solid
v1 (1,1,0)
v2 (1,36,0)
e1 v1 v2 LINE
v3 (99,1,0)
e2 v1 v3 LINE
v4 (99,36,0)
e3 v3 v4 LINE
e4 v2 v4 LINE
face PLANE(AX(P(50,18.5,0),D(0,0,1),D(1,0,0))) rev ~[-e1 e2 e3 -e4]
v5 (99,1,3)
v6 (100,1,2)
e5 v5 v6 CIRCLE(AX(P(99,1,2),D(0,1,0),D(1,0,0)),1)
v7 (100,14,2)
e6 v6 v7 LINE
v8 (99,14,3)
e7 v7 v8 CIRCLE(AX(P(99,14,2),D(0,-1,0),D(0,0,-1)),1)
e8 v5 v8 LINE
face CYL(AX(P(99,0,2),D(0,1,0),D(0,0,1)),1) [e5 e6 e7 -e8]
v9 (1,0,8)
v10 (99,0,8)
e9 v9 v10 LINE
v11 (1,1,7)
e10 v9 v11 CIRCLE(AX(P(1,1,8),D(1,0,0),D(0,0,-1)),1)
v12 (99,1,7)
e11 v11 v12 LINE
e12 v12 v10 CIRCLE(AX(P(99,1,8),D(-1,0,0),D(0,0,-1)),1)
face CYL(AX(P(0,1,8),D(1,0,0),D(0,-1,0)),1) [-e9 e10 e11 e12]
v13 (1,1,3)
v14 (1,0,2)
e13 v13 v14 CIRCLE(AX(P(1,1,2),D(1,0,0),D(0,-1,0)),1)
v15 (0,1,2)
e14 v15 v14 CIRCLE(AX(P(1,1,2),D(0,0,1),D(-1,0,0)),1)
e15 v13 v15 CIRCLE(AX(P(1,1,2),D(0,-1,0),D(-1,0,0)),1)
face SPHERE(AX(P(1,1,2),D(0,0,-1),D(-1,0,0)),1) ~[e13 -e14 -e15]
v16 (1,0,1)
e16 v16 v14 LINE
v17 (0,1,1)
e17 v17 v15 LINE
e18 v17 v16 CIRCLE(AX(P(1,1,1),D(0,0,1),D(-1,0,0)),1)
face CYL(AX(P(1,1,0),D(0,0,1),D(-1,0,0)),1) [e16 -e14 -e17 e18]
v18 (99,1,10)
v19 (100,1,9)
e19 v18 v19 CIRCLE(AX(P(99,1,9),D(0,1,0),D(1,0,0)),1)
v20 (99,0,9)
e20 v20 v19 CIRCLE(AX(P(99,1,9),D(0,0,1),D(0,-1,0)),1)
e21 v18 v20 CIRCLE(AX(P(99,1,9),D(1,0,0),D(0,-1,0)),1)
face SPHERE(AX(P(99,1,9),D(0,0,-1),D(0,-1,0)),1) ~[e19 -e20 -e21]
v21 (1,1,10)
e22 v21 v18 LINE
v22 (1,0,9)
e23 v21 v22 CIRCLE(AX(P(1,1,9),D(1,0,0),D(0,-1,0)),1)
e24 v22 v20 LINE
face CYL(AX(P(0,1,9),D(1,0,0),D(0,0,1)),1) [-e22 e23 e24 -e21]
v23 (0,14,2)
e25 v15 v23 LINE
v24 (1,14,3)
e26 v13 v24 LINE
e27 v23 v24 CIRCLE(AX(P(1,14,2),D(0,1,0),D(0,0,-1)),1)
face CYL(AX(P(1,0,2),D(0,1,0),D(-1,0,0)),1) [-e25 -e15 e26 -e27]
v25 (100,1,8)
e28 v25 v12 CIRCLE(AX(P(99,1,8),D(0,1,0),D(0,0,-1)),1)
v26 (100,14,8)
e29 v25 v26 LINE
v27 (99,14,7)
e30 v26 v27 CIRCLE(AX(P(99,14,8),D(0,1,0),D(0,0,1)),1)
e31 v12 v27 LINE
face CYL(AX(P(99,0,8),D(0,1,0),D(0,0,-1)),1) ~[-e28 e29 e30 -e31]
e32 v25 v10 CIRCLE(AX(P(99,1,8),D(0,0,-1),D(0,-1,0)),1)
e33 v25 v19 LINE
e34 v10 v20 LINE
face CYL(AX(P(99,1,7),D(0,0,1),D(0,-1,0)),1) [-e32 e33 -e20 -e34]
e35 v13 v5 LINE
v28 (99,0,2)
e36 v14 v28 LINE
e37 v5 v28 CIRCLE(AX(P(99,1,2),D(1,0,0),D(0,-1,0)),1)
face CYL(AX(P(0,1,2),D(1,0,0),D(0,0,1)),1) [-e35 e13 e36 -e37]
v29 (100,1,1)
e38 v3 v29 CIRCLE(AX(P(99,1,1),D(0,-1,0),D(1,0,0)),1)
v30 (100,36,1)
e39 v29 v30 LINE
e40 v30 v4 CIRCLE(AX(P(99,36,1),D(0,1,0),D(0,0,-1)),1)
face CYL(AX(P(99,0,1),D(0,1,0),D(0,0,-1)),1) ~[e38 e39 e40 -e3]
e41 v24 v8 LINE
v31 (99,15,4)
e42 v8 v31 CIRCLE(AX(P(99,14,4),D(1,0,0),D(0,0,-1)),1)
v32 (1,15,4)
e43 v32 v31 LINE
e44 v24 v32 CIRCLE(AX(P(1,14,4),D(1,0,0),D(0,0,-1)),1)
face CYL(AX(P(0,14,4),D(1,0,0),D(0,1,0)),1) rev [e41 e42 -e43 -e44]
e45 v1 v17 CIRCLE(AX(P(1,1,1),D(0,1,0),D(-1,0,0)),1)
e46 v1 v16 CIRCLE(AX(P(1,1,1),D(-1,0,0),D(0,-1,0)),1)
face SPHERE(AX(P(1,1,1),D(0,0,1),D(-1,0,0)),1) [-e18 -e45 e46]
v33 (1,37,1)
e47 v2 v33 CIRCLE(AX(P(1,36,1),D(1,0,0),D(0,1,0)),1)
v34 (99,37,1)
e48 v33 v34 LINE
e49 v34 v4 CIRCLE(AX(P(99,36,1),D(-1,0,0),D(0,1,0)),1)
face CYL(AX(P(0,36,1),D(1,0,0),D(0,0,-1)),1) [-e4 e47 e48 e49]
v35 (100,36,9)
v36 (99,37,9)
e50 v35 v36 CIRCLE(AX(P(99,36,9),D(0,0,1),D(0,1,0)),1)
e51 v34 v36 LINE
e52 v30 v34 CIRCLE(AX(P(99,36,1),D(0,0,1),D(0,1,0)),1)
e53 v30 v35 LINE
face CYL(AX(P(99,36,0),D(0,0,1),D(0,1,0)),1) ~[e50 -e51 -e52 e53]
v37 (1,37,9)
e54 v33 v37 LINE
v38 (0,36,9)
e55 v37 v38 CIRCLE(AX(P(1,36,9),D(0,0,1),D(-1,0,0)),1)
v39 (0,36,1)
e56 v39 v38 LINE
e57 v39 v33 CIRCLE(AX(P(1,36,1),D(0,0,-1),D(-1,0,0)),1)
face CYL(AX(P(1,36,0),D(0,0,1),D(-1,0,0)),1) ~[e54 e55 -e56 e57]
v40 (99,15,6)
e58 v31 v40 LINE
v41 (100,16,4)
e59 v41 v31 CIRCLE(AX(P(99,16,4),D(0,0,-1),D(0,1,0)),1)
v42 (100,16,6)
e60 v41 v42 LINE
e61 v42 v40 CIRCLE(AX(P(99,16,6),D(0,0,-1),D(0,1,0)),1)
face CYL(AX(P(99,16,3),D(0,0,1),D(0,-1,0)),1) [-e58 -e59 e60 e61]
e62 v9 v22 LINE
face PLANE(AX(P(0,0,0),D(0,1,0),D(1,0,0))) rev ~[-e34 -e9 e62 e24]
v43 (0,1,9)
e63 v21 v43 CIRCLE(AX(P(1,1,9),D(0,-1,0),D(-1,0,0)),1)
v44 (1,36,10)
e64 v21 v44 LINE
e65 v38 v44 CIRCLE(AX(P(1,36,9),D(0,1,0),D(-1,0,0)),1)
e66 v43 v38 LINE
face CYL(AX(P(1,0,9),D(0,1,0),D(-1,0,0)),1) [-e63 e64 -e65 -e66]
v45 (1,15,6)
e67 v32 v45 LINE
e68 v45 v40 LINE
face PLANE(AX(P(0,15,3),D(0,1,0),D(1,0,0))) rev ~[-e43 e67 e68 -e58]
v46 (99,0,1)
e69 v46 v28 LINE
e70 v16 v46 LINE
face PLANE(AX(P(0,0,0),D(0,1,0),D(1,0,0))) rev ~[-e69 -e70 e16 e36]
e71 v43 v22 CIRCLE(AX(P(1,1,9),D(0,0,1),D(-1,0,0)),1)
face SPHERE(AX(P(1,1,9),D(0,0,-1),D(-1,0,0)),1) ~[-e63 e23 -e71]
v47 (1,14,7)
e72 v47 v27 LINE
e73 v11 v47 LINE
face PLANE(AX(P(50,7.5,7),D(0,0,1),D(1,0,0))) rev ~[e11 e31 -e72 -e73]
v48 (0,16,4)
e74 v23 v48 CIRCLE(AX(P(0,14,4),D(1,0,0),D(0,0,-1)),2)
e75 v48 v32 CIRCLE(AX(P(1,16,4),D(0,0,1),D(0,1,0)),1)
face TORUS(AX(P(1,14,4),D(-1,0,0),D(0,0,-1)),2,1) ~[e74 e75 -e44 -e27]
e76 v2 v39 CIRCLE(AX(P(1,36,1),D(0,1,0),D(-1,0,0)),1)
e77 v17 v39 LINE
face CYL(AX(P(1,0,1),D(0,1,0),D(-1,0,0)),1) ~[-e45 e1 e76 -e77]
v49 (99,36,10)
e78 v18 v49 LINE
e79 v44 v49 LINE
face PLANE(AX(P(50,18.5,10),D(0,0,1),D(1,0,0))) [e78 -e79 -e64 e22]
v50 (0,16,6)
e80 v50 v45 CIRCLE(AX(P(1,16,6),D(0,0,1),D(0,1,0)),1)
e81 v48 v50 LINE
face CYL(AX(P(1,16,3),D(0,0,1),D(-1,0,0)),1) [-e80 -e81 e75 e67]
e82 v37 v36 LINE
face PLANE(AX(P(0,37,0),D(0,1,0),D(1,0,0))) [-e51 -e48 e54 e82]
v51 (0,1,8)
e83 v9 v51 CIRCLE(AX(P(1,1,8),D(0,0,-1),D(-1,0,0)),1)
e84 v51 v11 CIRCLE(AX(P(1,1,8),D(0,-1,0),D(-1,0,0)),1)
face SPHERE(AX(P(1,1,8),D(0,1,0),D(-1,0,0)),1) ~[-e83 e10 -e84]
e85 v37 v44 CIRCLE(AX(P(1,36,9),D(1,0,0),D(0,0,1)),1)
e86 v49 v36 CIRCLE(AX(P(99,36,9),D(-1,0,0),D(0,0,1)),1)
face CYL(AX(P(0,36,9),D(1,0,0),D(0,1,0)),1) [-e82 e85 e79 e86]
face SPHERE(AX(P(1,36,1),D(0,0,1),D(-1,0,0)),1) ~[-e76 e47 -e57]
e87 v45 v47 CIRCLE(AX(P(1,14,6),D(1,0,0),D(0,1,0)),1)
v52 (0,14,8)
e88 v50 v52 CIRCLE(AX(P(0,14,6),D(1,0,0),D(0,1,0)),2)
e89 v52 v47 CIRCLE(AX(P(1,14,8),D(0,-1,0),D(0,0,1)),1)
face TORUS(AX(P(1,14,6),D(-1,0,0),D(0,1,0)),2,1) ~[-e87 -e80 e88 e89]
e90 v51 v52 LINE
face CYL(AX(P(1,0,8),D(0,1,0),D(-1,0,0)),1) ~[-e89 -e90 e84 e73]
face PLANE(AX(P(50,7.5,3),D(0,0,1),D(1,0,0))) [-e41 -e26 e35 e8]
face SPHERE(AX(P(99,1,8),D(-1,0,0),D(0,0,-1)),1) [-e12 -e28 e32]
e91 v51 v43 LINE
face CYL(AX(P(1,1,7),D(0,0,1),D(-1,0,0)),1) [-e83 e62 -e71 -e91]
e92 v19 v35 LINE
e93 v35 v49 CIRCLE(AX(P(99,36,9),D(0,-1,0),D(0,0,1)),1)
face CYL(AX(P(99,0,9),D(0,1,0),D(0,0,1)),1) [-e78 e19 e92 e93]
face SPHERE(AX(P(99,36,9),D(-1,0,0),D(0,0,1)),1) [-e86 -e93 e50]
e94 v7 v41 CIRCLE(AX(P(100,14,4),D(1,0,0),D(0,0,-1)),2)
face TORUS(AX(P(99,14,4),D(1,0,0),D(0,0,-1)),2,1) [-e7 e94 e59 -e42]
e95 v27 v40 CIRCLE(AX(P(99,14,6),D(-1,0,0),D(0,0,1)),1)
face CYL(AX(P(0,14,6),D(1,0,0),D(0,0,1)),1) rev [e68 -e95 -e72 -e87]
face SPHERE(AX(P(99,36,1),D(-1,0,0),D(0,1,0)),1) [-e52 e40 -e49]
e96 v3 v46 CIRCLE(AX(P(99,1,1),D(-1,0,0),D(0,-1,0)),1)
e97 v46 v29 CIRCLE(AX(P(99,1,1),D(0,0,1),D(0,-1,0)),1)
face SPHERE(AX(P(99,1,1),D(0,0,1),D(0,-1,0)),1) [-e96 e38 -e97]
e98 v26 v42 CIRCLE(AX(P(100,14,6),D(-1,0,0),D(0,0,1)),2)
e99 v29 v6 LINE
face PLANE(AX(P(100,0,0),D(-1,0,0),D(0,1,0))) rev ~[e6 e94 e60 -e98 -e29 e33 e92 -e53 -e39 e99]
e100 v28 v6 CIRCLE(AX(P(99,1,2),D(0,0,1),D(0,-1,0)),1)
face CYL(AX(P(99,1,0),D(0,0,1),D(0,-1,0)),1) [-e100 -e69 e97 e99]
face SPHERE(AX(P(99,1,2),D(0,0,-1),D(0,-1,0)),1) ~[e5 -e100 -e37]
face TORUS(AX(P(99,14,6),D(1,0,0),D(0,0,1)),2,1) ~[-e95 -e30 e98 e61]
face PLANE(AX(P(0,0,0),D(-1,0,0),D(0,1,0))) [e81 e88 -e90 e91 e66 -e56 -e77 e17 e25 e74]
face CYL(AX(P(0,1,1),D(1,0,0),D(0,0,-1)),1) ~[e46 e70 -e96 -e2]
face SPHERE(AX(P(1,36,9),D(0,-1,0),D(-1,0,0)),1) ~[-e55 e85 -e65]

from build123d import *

# Parameters (mm, degrees)
BOX001_W     = 100
BOX001_H     = 15
BOX001_DEPTH = 4
BOX_W        = 100
BOX_H        = 37
BOX_DEPTH    = 10
FILLET_R     = 1


with BuildPart() as cutter:
    # Box001 → Box001 (new body)
    with BuildSketch(Plane.XY.offset(3)):
        with Locations((50, 7.5)):
            Rectangle(BOX001_W, BOX001_H)
    extrude(amount=BOX001_DEPTH)


with BuildPart() as fillet_body:
    # Box → Box (new body)
    with BuildSketch(Plane.XY):
        with Locations((50, 18.5)):
            Rectangle(BOX_W, BOX_H)
    extrude(amount=BOX_DEPTH)

    # Cut: cut Cutter
    add(cutter.part, mode=Mode.SUBTRACT)

    # Fillet
    fillet_edges = [fillet_body.edges().sort_by_distance(p)[0] for p in [
        (0, 0, 1.5),
        (0, 7.5, 3),
        (0, 15, 5),
        (0, 7.5, 7),
        (0, 0, 8.5),
        (0, 18.5, 10),
        (0, 37, 5),
        (0, 18.5, 0),
        (100, 0, 1.5),
        (50, 0, 3),
        (50, 0, 0),
        (50, 15, 3),
        (100, 7.5, 3),
        (100, 15, 5),
        (50, 15, 7),
        (50, 0, 7),
        (100, 7.5, 7),
        (100, 0, 8.5),
        (50, 0, 10),
        (50, 37, 10),
        (100, 18.5, 10),
        (50, 37, 0),
        (100, 37, 5),
        (100, 18.5, 0),
    ]]
    fillet(fillet_edges, radius=FILLET_R)


solid = fillet_body.part
